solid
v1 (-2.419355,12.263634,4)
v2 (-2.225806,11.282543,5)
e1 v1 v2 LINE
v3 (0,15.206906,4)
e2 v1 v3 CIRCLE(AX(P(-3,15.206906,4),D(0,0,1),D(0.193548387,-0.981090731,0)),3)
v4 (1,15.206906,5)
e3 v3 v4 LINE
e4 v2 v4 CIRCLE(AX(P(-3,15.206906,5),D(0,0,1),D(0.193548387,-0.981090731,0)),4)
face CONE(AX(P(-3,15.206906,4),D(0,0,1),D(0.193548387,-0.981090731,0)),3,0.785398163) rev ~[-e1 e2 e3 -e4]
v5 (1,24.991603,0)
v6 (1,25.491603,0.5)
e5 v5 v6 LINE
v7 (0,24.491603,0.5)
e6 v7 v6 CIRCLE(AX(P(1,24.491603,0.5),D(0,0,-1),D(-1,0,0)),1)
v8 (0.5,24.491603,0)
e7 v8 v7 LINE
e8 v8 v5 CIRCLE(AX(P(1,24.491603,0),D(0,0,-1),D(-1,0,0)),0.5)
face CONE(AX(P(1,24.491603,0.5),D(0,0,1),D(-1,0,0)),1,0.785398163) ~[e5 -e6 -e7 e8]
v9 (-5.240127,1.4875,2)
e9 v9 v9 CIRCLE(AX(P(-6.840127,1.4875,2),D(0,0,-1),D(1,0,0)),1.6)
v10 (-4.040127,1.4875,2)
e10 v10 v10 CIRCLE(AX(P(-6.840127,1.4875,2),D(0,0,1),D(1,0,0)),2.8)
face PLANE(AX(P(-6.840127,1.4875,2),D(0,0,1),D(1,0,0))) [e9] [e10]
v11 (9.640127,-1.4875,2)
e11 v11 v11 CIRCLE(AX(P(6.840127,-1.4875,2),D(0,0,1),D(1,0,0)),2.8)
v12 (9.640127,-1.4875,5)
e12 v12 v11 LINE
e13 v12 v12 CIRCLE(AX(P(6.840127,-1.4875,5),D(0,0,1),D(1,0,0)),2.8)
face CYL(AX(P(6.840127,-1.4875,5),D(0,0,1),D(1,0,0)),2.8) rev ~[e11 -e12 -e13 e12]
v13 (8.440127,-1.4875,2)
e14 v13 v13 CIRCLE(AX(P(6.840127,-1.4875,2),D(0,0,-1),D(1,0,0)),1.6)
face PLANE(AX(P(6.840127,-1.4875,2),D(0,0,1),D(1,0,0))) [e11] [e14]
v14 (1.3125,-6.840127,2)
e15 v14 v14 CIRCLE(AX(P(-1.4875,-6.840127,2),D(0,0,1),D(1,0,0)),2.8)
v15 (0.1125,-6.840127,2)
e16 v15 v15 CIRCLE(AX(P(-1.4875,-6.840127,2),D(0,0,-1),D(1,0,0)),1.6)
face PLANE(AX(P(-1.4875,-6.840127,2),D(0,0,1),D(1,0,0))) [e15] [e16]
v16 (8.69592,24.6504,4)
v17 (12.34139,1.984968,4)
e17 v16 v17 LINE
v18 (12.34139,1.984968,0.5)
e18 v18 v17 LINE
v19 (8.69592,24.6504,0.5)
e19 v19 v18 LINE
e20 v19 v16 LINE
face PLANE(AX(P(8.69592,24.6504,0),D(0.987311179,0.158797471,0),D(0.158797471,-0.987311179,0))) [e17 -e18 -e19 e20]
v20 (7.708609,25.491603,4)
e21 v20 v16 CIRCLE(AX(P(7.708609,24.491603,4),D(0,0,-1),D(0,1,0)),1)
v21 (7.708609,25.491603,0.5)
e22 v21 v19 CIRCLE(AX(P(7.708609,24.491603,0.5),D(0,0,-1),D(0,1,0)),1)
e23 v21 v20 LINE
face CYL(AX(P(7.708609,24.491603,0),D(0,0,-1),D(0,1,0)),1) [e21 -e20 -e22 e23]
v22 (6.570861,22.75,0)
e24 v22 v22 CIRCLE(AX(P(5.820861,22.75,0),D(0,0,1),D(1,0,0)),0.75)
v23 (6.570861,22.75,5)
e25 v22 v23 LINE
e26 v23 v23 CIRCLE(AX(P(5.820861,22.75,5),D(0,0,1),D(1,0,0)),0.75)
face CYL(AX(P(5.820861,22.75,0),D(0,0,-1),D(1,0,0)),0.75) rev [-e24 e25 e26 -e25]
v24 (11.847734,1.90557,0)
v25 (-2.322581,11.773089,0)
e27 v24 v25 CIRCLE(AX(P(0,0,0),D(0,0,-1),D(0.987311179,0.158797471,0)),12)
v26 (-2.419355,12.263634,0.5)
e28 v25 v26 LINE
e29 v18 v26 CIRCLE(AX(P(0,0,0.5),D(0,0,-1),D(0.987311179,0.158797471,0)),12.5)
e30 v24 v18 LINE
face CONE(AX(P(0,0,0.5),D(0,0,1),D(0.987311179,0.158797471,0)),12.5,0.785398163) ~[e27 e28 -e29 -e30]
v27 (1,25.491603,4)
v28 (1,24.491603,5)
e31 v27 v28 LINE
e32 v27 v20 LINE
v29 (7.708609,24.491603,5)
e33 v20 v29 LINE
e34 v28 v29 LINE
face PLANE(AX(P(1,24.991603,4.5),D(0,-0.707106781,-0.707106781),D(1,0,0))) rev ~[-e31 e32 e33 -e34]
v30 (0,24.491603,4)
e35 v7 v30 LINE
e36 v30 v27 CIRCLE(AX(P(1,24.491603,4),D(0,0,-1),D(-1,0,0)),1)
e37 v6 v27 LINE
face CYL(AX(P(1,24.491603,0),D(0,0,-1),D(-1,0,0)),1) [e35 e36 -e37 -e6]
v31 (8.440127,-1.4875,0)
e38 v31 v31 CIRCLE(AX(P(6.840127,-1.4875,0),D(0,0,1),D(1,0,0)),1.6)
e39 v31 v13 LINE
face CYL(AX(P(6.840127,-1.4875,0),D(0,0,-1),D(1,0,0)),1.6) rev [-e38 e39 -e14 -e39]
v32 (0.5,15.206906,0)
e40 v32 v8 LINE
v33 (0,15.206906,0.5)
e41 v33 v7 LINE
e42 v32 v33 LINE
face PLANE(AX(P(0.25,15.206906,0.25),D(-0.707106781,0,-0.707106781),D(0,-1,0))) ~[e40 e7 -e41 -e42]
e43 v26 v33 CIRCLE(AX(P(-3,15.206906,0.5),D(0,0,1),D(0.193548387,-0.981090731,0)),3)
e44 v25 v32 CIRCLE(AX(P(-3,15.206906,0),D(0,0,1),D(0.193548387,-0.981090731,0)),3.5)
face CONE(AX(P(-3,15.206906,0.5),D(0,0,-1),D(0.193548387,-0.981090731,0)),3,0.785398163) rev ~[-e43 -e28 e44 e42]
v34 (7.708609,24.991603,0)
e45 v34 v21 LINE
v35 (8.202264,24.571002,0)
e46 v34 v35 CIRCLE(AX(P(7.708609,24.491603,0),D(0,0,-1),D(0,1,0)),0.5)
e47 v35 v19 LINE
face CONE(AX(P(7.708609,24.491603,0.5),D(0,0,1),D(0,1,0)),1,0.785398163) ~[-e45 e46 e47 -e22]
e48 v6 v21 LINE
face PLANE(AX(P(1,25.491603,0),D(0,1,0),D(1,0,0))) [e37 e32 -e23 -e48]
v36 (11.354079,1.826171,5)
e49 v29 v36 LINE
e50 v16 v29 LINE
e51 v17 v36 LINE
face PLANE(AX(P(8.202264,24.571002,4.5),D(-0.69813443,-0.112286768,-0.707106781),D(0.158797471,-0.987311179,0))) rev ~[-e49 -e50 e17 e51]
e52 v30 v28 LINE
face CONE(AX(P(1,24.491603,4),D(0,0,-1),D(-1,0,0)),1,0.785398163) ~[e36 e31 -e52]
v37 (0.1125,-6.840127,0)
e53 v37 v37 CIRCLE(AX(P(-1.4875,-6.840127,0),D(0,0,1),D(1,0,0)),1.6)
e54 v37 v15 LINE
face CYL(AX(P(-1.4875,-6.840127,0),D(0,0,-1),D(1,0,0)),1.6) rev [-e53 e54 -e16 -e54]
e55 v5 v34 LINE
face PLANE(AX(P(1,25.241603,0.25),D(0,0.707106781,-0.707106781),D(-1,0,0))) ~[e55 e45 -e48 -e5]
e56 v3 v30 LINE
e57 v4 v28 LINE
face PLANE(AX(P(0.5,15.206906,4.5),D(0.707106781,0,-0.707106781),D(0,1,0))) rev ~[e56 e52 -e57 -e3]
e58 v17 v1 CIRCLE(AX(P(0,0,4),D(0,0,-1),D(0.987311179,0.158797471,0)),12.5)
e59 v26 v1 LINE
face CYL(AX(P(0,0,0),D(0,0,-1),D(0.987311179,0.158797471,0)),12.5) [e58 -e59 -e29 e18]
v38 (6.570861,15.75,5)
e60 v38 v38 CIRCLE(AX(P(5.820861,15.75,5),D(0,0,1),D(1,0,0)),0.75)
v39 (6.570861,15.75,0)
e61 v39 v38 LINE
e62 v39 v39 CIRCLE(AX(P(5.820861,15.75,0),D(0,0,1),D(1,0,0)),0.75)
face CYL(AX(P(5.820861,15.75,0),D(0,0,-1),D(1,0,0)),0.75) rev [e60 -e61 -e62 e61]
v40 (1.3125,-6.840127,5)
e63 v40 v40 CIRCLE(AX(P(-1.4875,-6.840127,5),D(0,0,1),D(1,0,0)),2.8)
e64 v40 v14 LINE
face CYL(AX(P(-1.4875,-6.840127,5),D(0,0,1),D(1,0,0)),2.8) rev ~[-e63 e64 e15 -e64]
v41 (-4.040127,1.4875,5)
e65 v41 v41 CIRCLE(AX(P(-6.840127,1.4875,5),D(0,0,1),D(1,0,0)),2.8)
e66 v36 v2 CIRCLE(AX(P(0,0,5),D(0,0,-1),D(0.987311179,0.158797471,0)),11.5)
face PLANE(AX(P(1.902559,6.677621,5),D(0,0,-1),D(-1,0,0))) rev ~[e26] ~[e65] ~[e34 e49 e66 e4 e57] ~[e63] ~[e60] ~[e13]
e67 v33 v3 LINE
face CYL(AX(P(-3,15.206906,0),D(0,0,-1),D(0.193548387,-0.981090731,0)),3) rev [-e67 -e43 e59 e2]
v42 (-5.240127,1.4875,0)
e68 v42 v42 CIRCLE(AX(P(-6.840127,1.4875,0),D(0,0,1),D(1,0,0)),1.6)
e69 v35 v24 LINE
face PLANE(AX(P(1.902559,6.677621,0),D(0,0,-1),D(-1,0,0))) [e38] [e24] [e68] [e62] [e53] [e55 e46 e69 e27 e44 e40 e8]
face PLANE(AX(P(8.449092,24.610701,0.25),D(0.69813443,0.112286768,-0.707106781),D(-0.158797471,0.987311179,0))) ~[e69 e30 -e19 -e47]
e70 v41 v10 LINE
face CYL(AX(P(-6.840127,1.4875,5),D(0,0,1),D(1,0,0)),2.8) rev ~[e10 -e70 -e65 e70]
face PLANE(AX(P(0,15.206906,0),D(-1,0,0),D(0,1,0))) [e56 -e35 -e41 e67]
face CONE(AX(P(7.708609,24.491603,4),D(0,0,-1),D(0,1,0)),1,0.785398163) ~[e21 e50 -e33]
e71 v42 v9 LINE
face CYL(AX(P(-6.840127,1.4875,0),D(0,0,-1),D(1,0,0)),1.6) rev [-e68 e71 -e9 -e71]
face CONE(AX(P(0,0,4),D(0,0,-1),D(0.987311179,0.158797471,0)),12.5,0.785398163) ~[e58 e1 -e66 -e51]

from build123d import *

# Parameters (mm, degrees)
SKETCH1_R           = 1.6
SKETCH1_R_2         = 1.6000000000000016
SKETCH1_R_3         = 0.7500000000000004
BOSS_EXTRUDE1_DEPTH = 5
CHAMFER1_SIZE       = 1
SKETCH2_R           = 2.8000000000000003
SKETCH2_R_2         = 2.8
CUT_EXTRUDE1_DEPTH  = 3
CHAMFER3_SIZE       = 0.5


with BuildPart() as part:
    # Sketch1 → Boss-Extrude1 (new body)
    with BuildSketch(Plane.XY):
        with BuildLine():
            Line((1.000000000000007, 25.491602871293395), (7.708608571885691, 25.491602871293395))
            ThreePointArc((7.708608571885691, 25.491602871293395), (8.357146361630761, 25.2527853298883), (8.695919750465407, 24.650400341838562))
            Line((8.695919750465407, 24.650400341838562), (12.341389732124407, 1.9849683817950852))
            ThreePointArc((12.341389732124407, 1.9849683817950852), (-7.1431391219536895, -10.257951232157744), (-2.41935483870505, 12.263634133540775))
            ThreePointArc((-2.41935483870505, 12.263634133540775), (-0.6824651584188808, 13.301904420618609), (-1e-17, 15.206906325619645))
            Line((-1e-17, 15.206906325619645), (-3e-17, 24.491602871293384))
            ThreePointArc((-3e-17, 24.491602871293384), (0.2928932188134522, 25.198709652479938), (1.000000000000007, 25.491602871293395))
        make_face()
        with Locations((-6.84012746585444, 1.4874999998823886)):
            Circle(SKETCH1_R, mode=Mode.SUBTRACT)
        with Locations((-1.487499999936831, -6.840127466035101)):
            Circle(SKETCH1_R, mode=Mode.SUBTRACT)
        with Locations((6.840127465980755, -1.4875000001175058)):
            Circle(SKETCH1_R_2, mode=Mode.SUBTRACT)
        with Locations((5.820860522174176, 15.749999999999972)):
            Circle(SKETCH1_R_3, mode=Mode.SUBTRACT)
        with Locations((5.820860522174148, 22.74999999999998)):
            Circle(SKETCH1_R_3, mode=Mode.SUBTRACT)
    extrude(amount=BOSS_EXTRUDE1_DEPTH)

    # Chamfer1
    chamfer1_edges = [part.edges().sort_by_distance(p)[0] for p in [
        (-0.6824651584188803, 13.301904420618609, 5),
        (-7.143139121953682, -10.25795123215775, 5),
        (10.518654741294906, 13.317684361816823, 5),
        (8.357146361630761, 25.2527853298883, 5),
        (4.354304285942849, 25.491602871293395, 5),
        (0.2928932188134533, 25.198709652479938, 5),
        (-2e-17, 19.849254598456515, 5),
    ]]
    chamfer(chamfer1_edges, length=CHAMFER1_SIZE)

    # Sketch2 → Cut-Extrude1 (cut)
    with BuildSketch(Plane.XY.offset(5)):
        with Locations((-6.84012746585444, 1.4874999998823886)):
            Circle(SKETCH2_R)
        with Locations((-1.487499999936831, -6.840127466035101)):
            Circle(SKETCH2_R_2)
        with Locations((6.840127465980755, -1.4875000001175058)):
            Circle(SKETCH2_R)
    extrude(amount=-CUT_EXTRUDE1_DEPTH, mode=Mode.SUBTRACT)

    # Chamfer3
    chamfer3_edges = [part.edges().sort_by_distance(p)[0] for p in [
        (-2e-17, 19.849254598456515, 0),
        (0.2928932188134533, 25.198709652479938, 0),
        (4.354304285942849, 25.491602871293395, 0),
        (8.357146361630761, 25.2527853298883, 0),
        (10.518654741294906, 13.317684361816823, 0),
        (-7.143139121953682, -10.25795123215775, 0),
        (-0.6824651584188803, 13.301904420618609, 0),
    ]]
    chamfer(chamfer3_edges, length=CHAMFER3_SIZE)


solid = part.part
